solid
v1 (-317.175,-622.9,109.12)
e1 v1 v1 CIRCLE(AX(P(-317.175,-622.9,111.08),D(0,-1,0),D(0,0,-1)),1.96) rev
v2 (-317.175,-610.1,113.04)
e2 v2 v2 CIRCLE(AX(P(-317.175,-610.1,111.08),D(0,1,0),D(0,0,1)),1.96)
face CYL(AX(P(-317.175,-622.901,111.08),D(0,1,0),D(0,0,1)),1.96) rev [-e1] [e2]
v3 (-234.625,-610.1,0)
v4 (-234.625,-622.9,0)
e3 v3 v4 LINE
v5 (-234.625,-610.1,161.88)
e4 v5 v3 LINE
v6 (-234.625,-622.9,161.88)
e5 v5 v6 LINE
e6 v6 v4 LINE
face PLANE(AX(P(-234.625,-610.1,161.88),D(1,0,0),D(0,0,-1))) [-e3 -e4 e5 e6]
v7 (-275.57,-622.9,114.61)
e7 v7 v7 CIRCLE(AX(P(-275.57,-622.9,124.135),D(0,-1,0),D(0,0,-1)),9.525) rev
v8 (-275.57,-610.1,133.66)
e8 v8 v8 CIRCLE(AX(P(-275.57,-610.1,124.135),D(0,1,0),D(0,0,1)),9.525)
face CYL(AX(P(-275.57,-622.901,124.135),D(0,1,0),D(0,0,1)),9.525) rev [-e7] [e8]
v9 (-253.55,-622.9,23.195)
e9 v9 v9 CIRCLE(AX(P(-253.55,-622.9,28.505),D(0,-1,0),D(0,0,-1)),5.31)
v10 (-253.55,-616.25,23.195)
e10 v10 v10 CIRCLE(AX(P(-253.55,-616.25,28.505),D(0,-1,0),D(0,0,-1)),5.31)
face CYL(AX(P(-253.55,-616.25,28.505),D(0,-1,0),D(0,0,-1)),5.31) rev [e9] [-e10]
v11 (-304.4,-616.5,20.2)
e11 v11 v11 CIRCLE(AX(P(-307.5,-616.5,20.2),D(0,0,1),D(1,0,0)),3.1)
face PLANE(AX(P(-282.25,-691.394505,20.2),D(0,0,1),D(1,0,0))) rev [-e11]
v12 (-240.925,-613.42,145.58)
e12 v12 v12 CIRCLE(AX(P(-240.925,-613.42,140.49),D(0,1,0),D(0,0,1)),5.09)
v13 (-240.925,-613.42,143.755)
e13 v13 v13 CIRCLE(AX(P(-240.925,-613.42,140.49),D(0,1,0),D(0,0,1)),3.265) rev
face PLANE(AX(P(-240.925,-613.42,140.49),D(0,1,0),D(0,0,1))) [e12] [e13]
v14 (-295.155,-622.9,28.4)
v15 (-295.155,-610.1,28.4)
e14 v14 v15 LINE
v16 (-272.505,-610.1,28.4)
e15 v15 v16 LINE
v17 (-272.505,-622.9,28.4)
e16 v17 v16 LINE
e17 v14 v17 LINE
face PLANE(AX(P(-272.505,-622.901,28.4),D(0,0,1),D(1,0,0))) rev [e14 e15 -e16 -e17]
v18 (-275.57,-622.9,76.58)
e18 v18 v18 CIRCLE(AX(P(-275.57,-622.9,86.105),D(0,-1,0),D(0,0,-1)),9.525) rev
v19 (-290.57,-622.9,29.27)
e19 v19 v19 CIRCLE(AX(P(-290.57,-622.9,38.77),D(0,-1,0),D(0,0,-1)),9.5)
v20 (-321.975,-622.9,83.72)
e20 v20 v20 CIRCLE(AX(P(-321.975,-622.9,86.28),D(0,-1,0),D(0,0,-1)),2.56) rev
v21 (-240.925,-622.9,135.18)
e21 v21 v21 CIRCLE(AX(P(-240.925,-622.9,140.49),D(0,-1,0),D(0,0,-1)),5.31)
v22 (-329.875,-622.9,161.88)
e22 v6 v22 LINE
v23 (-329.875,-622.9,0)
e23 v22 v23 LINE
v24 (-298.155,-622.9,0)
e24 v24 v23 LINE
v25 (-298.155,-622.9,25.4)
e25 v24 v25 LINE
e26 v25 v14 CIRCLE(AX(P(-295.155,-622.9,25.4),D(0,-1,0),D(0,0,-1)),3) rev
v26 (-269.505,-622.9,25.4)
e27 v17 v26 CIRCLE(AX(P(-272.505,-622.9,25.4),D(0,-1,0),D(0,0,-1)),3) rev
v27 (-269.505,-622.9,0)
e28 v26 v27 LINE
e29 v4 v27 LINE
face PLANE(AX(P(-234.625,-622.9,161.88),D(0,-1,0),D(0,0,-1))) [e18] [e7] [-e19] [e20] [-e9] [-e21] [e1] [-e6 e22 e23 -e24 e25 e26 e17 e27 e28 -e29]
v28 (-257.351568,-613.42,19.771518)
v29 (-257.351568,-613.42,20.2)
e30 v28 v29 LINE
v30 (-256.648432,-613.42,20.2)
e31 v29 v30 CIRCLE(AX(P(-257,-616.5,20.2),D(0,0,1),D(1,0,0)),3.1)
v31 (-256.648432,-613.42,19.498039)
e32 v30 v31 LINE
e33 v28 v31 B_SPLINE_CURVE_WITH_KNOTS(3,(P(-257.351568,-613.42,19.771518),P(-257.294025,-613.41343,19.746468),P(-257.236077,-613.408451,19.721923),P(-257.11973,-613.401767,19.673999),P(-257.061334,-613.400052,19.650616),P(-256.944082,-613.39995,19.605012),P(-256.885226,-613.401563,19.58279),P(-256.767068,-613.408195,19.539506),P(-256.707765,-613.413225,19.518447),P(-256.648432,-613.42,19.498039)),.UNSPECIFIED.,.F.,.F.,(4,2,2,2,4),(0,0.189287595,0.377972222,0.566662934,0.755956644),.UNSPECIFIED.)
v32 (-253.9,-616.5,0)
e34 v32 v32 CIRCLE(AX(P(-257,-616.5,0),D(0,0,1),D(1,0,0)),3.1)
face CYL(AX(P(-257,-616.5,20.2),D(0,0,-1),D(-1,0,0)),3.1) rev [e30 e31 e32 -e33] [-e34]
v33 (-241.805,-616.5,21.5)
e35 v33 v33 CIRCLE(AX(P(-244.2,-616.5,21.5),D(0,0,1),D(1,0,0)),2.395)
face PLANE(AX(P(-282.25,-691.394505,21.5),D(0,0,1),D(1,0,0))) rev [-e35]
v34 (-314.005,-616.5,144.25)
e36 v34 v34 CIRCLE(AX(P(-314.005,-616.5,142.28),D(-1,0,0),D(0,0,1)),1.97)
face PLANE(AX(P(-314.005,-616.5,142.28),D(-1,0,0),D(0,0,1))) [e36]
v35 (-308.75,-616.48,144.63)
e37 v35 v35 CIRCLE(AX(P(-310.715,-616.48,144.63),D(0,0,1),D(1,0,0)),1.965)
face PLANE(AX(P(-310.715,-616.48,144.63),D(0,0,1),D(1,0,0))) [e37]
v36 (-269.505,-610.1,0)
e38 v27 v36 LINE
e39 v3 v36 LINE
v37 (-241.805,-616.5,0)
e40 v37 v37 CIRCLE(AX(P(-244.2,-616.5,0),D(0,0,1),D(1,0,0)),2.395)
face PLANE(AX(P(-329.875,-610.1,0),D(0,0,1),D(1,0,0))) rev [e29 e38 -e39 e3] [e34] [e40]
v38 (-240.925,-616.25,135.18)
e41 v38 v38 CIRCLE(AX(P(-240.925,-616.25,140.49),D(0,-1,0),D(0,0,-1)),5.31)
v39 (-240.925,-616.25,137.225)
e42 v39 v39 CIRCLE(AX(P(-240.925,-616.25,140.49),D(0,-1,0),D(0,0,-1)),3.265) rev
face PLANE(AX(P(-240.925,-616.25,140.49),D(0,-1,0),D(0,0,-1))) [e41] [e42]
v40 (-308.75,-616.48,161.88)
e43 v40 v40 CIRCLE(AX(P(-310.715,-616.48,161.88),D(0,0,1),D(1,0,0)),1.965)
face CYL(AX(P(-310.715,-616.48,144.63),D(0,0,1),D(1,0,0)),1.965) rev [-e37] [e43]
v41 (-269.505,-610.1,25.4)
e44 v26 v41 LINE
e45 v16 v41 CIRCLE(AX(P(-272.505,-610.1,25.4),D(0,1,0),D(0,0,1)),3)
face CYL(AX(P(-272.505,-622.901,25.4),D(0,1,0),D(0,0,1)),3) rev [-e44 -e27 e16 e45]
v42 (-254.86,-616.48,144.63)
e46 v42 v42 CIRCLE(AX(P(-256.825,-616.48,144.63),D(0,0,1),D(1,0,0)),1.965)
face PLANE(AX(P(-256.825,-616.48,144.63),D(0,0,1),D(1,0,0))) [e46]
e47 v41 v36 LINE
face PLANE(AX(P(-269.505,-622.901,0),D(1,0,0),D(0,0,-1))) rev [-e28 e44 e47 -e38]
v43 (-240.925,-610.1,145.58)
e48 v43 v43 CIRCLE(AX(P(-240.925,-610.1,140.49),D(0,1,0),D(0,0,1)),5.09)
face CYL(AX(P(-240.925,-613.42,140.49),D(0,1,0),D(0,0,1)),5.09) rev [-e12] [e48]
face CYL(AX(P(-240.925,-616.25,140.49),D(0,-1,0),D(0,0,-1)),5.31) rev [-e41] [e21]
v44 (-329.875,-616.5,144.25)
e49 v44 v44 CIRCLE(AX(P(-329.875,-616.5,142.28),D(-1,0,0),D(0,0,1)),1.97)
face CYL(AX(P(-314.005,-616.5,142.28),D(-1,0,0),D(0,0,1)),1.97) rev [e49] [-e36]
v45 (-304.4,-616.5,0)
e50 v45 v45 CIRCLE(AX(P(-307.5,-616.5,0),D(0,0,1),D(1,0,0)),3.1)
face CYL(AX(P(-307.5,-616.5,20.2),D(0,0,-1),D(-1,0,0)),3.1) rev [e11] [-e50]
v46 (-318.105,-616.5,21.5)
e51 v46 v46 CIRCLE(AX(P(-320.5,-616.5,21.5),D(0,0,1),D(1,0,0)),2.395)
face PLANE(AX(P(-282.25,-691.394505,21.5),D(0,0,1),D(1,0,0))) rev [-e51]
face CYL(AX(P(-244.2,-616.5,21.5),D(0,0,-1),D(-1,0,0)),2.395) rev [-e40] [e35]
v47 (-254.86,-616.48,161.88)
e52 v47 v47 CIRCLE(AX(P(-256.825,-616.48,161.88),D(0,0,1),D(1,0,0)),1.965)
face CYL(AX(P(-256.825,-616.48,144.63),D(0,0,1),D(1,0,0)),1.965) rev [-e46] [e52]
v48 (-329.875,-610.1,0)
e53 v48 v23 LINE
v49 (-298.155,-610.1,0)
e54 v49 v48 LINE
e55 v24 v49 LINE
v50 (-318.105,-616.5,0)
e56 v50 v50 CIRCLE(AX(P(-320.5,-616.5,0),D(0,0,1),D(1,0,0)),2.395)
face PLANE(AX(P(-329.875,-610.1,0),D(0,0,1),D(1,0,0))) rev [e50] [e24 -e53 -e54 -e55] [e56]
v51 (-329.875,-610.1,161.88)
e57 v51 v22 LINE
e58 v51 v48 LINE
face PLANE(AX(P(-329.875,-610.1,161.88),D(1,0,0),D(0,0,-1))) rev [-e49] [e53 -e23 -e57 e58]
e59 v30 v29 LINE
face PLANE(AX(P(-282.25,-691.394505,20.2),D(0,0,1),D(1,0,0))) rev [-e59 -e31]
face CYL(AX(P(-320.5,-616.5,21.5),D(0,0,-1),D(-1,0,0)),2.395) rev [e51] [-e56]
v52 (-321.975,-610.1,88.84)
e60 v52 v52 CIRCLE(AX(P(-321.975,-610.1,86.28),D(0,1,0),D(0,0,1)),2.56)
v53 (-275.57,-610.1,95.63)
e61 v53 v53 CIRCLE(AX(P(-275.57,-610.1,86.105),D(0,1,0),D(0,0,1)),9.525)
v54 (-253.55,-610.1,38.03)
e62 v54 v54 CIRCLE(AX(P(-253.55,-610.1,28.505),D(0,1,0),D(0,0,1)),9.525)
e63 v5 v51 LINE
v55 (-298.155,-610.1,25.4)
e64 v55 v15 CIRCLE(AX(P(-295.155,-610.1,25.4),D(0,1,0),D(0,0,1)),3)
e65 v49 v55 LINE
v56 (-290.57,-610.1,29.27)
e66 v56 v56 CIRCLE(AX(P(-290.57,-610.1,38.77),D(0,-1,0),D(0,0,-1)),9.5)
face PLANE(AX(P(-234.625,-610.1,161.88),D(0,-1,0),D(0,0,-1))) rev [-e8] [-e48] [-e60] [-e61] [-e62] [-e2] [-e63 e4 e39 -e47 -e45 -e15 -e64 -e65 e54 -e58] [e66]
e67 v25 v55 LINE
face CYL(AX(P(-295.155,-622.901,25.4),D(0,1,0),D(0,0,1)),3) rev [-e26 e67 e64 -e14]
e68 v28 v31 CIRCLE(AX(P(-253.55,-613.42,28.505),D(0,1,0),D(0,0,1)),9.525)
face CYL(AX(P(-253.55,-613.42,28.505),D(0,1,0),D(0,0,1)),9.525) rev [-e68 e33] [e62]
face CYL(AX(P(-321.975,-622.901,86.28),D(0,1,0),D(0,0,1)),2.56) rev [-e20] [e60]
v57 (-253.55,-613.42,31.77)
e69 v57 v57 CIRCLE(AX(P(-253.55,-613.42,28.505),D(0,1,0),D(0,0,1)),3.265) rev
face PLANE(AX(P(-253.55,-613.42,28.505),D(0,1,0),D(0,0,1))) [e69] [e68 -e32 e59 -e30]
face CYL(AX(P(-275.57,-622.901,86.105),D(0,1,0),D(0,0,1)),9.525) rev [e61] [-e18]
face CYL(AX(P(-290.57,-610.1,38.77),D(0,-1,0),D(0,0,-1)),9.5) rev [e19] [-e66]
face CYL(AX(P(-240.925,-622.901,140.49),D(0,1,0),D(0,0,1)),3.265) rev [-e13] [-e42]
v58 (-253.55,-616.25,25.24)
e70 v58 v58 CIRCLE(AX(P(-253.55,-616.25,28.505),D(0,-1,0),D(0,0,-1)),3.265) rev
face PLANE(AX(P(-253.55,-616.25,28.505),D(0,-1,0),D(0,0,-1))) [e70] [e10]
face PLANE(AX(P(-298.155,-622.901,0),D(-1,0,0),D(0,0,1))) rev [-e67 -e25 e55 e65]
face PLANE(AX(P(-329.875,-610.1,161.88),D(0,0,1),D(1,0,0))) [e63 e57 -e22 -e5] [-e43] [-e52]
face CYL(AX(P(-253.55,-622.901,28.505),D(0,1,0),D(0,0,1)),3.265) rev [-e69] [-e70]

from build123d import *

# Parameters (mm, degrees)
SKETCH1_W           = 95.25
SKETCH1_H           = 12.8
BOSS_EXTRUDE1_DEPTH = 161.88
SKETCH1_3_R         = 3.1
CUT_EXTRUDE1_DEPTH  = 20.2
SKETCH1_4_R         = 2.395
CUT_EXTRUDE2_DEPTH  = 21.5
CUT_EXTRUDE3_REACH  = 369.677
SKETCH2_R           = 9.525
CUT_EXTRUDE4_REACH  = 369.677
SKETCH3_R           = 3.265
SKETCH3_R_2         = 1.96
SKETCH3_R_3         = 2.56
SKETCH4_R           = 9.525
SKETCH4_R_2         = 5.09
CUT_EXTRUDE5_DEPTH  = 3.32
SKETCH5_R           = 5.31
CUT_EXTRUDE6_DEPTH  = 6.65
SKETCH6_R           = 1.965
CUT_EXTRUDE7_DEPTH  = 17.25
SKETCH7_R           = 1.97
CUT_EXTRUDE8_DEPTH  = 15.87
SKETCH9_R           = 9.5
CUT_EXTRUDE9_DEPTH  = 368.677154617


with BuildPart() as part:
    # Sketch1 → Boss-Extrude1 (new body)
    with BuildSketch(Plane.XY):
        with Locations((-282.25, -616.5)):
            Rectangle(SKETCH1_W, SKETCH1_H)
    extrude(amount=BOSS_EXTRUDE1_DEPTH)

    # Sketch1<3> → Cut-Extrude1 (cut)
    with BuildSketch(Plane.XY):
        with Locations((-257, -616.5)):
            Circle(SKETCH1_3_R)
        with Locations((-307.5, -616.5)):
            Circle(SKETCH1_3_R)
    extrude(amount=CUT_EXTRUDE1_DEPTH, mode=Mode.SUBTRACT)

    # Sketch1<4> → Cut-Extrude2 (cut)
    with BuildSketch(Plane.XY):
        with Locations((-244.2, -616.5)):
            Circle(SKETCH1_4_R)
        with Locations((-320.5, -616.5)):
            Circle(SKETCH1_4_R)
    extrude(amount=CUT_EXTRUDE2_DEPTH, mode=Mode.SUBTRACT)

    # Sketch2 → Cut-Extrude3 (cut, up to next)
    with BuildSketch(Plane(origin=(0, -610.1, 0), x_dir=(1, 0, 0), z_dir=(0, 1, 0)), mode=Mode.PRIVATE) as cut_extrude3_sk1:
        with Locations((-275.57, -124.135)):
            Circle(SKETCH2_R)
    cut_extrude3_tool1 = extrude(cut_extrude3_sk1.sketch, amount=-CUT_EXTRUDE3_REACH, mode=Mode.PRIVATE) & part.part
    # Sketch2 → Cut-Extrude3 (cut, up to next)
    with BuildSketch(Plane(origin=(0, -610.1, 0), x_dir=(1, 0, 0), z_dir=(0, 1, 0)), mode=Mode.PRIVATE) as cut_extrude3_sk2:
        with Locations((-275.57, -86.105)):
            Circle(SKETCH2_R)
    cut_extrude3_tool2 = extrude(cut_extrude3_sk2.sketch, amount=-CUT_EXTRUDE3_REACH, mode=Mode.PRIVATE) & part.part
    # Sketch2 → Cut-Extrude3 (cut, up to next)
    with BuildSketch(Plane(origin=(0, -610.1, 0), x_dir=(1, 0, 0), z_dir=(0, 1, 0)), mode=Mode.PRIVATE) as cut_extrude3_sk3:
        with BuildLine():
            Line((-269.505, 0), (-298.155, 0))
            Line((-298.155, 0), (-298.155, -25.4))
            ThreePointArc((-298.155, -25.4), (-297.276320344, -27.521320344), (-295.155, -28.4))
            Line((-295.155, -28.4), (-272.505, -28.4))
            ThreePointArc((-272.505, -28.4), (-270.383679656, -27.521320344), (-269.505, -25.4))
            Line((-269.505, -25.4), (-269.505, 0))
        make_face()
    cut_extrude3_tool3 = extrude(cut_extrude3_sk3.sketch, amount=-CUT_EXTRUDE3_REACH, mode=Mode.PRIVATE) & part.part
    add(cut_extrude3_tool1.solids().sort_by_distance((-275.57, -610.1, 124.135))[0], mode=Mode.SUBTRACT)
    add(cut_extrude3_tool2.solids().sort_by_distance((-275.57, -610.1, 86.105))[0], mode=Mode.SUBTRACT)
    add(cut_extrude3_tool3.solids().sort_by_distance((-283.83, -610.1, 14.135461))[0], mode=Mode.SUBTRACT)

    # Sketch3 → Cut-Extrude4 (cut, up to next)
    with BuildSketch(Plane(origin=(0, -610.1, 0), x_dir=(-1, 0, 0), z_dir=(0, 1, 0)), mode=Mode.PRIVATE) as cut_extrude4_sk1:
        with Locations((240.925, 140.49)):
            Circle(SKETCH3_R)
    cut_extrude4_tool1 = extrude(cut_extrude4_sk1.sketch, amount=-CUT_EXTRUDE4_REACH, mode=Mode.PRIVATE) & part.part
    # Sketch3 → Cut-Extrude4 (cut, up to next)
    with BuildSketch(Plane(origin=(0, -610.1, 0), x_dir=(-1, 0, 0), z_dir=(0, 1, 0)), mode=Mode.PRIVATE) as cut_extrude4_sk2:
        with Locations((253.55, 28.505)):
            Circle(SKETCH3_R)
    cut_extrude4_tool2 = extrude(cut_extrude4_sk2.sketch, amount=-CUT_EXTRUDE4_REACH, mode=Mode.PRIVATE) & part.part
    # Sketch3 → Cut-Extrude4 (cut, up to next)
    with BuildSketch(Plane(origin=(0, -610.1, 0), x_dir=(-1, 0, 0), z_dir=(0, 1, 0)), mode=Mode.PRIVATE) as cut_extrude4_sk3:
        with Locations((317.175, 111.08)):
            Circle(SKETCH3_R_2)
    cut_extrude4_tool3 = extrude(cut_extrude4_sk3.sketch, amount=-CUT_EXTRUDE4_REACH, mode=Mode.PRIVATE) & part.part
    # Sketch3 → Cut-Extrude4 (cut, up to next)
    with BuildSketch(Plane(origin=(0, -610.1, 0), x_dir=(-1, 0, 0), z_dir=(0, 1, 0)), mode=Mode.PRIVATE) as cut_extrude4_sk4:
        with Locations((321.975, 86.28)):
            Circle(SKETCH3_R_3)
    cut_extrude4_tool4 = extrude(cut_extrude4_sk4.sketch, amount=-CUT_EXTRUDE4_REACH, mode=Mode.PRIVATE) & part.part
    add(cut_extrude4_tool1.solids().sort_by_distance((-240.925, -610.1, 140.49))[0], mode=Mode.SUBTRACT)
    add(cut_extrude4_tool2.solids().sort_by_distance((-253.55, -610.1, 28.505))[0], mode=Mode.SUBTRACT)
    add(cut_extrude4_tool3.solids().sort_by_distance((-317.175, -610.1, 111.08))[0], mode=Mode.SUBTRACT)
    add(cut_extrude4_tool4.solids().sort_by_distance((-321.975, -610.1, 86.28))[0], mode=Mode.SUBTRACT)

    # Sketch4 → Cut-Extrude5 (cut)
    with BuildSketch(Plane(origin=(0, -610.1, 0), x_dir=(-1, 0, 0), z_dir=(0, 1, 0))):
        with Locations((253.55, 28.505)):
            Circle(SKETCH4_R)
        with Locations((240.925, 140.49)):
            Circle(SKETCH4_R_2)
    extrude(amount=-CUT_EXTRUDE5_DEPTH, mode=Mode.SUBTRACT)

    # Sketch5 → Cut-Extrude6 (cut)
    with BuildSketch(Plane.XZ.offset(622.9)):
        with Locations((-240.925, 140.49)):
            Circle(SKETCH5_R)
        with Locations((-253.55, 28.505)):
            Circle(SKETCH5_R)
    extrude(amount=-CUT_EXTRUDE6_DEPTH, mode=Mode.SUBTRACT)

    # Sketch6 → Cut-Extrude7 (cut)
    with BuildSketch(Plane.XY.offset(161.88)):
        with Locations((-310.715, -616.48)):
            Circle(SKETCH6_R)
        with Locations((-256.825, -616.48)):
            Circle(SKETCH6_R)
    extrude(amount=-CUT_EXTRUDE7_DEPTH, mode=Mode.SUBTRACT)

    # Sketch7 → Cut-Extrude8 (cut)
    with BuildSketch(Plane.ZY.offset(329.875)):
        with Locations((142.28, -616.5)):
            Circle(SKETCH7_R)
    extrude(amount=-CUT_EXTRUDE8_DEPTH, mode=Mode.SUBTRACT)

    # Sketch9 → Cut-Extrude9 (cut, through all)
    with BuildSketch(Plane.XZ.offset(622.9)):
        with Locations((-290.57, 38.77)):
            Circle(SKETCH9_R)
    extrude(amount=-CUT_EXTRUDE9_DEPTH, mode=Mode.SUBTRACT)


solid = part.part
